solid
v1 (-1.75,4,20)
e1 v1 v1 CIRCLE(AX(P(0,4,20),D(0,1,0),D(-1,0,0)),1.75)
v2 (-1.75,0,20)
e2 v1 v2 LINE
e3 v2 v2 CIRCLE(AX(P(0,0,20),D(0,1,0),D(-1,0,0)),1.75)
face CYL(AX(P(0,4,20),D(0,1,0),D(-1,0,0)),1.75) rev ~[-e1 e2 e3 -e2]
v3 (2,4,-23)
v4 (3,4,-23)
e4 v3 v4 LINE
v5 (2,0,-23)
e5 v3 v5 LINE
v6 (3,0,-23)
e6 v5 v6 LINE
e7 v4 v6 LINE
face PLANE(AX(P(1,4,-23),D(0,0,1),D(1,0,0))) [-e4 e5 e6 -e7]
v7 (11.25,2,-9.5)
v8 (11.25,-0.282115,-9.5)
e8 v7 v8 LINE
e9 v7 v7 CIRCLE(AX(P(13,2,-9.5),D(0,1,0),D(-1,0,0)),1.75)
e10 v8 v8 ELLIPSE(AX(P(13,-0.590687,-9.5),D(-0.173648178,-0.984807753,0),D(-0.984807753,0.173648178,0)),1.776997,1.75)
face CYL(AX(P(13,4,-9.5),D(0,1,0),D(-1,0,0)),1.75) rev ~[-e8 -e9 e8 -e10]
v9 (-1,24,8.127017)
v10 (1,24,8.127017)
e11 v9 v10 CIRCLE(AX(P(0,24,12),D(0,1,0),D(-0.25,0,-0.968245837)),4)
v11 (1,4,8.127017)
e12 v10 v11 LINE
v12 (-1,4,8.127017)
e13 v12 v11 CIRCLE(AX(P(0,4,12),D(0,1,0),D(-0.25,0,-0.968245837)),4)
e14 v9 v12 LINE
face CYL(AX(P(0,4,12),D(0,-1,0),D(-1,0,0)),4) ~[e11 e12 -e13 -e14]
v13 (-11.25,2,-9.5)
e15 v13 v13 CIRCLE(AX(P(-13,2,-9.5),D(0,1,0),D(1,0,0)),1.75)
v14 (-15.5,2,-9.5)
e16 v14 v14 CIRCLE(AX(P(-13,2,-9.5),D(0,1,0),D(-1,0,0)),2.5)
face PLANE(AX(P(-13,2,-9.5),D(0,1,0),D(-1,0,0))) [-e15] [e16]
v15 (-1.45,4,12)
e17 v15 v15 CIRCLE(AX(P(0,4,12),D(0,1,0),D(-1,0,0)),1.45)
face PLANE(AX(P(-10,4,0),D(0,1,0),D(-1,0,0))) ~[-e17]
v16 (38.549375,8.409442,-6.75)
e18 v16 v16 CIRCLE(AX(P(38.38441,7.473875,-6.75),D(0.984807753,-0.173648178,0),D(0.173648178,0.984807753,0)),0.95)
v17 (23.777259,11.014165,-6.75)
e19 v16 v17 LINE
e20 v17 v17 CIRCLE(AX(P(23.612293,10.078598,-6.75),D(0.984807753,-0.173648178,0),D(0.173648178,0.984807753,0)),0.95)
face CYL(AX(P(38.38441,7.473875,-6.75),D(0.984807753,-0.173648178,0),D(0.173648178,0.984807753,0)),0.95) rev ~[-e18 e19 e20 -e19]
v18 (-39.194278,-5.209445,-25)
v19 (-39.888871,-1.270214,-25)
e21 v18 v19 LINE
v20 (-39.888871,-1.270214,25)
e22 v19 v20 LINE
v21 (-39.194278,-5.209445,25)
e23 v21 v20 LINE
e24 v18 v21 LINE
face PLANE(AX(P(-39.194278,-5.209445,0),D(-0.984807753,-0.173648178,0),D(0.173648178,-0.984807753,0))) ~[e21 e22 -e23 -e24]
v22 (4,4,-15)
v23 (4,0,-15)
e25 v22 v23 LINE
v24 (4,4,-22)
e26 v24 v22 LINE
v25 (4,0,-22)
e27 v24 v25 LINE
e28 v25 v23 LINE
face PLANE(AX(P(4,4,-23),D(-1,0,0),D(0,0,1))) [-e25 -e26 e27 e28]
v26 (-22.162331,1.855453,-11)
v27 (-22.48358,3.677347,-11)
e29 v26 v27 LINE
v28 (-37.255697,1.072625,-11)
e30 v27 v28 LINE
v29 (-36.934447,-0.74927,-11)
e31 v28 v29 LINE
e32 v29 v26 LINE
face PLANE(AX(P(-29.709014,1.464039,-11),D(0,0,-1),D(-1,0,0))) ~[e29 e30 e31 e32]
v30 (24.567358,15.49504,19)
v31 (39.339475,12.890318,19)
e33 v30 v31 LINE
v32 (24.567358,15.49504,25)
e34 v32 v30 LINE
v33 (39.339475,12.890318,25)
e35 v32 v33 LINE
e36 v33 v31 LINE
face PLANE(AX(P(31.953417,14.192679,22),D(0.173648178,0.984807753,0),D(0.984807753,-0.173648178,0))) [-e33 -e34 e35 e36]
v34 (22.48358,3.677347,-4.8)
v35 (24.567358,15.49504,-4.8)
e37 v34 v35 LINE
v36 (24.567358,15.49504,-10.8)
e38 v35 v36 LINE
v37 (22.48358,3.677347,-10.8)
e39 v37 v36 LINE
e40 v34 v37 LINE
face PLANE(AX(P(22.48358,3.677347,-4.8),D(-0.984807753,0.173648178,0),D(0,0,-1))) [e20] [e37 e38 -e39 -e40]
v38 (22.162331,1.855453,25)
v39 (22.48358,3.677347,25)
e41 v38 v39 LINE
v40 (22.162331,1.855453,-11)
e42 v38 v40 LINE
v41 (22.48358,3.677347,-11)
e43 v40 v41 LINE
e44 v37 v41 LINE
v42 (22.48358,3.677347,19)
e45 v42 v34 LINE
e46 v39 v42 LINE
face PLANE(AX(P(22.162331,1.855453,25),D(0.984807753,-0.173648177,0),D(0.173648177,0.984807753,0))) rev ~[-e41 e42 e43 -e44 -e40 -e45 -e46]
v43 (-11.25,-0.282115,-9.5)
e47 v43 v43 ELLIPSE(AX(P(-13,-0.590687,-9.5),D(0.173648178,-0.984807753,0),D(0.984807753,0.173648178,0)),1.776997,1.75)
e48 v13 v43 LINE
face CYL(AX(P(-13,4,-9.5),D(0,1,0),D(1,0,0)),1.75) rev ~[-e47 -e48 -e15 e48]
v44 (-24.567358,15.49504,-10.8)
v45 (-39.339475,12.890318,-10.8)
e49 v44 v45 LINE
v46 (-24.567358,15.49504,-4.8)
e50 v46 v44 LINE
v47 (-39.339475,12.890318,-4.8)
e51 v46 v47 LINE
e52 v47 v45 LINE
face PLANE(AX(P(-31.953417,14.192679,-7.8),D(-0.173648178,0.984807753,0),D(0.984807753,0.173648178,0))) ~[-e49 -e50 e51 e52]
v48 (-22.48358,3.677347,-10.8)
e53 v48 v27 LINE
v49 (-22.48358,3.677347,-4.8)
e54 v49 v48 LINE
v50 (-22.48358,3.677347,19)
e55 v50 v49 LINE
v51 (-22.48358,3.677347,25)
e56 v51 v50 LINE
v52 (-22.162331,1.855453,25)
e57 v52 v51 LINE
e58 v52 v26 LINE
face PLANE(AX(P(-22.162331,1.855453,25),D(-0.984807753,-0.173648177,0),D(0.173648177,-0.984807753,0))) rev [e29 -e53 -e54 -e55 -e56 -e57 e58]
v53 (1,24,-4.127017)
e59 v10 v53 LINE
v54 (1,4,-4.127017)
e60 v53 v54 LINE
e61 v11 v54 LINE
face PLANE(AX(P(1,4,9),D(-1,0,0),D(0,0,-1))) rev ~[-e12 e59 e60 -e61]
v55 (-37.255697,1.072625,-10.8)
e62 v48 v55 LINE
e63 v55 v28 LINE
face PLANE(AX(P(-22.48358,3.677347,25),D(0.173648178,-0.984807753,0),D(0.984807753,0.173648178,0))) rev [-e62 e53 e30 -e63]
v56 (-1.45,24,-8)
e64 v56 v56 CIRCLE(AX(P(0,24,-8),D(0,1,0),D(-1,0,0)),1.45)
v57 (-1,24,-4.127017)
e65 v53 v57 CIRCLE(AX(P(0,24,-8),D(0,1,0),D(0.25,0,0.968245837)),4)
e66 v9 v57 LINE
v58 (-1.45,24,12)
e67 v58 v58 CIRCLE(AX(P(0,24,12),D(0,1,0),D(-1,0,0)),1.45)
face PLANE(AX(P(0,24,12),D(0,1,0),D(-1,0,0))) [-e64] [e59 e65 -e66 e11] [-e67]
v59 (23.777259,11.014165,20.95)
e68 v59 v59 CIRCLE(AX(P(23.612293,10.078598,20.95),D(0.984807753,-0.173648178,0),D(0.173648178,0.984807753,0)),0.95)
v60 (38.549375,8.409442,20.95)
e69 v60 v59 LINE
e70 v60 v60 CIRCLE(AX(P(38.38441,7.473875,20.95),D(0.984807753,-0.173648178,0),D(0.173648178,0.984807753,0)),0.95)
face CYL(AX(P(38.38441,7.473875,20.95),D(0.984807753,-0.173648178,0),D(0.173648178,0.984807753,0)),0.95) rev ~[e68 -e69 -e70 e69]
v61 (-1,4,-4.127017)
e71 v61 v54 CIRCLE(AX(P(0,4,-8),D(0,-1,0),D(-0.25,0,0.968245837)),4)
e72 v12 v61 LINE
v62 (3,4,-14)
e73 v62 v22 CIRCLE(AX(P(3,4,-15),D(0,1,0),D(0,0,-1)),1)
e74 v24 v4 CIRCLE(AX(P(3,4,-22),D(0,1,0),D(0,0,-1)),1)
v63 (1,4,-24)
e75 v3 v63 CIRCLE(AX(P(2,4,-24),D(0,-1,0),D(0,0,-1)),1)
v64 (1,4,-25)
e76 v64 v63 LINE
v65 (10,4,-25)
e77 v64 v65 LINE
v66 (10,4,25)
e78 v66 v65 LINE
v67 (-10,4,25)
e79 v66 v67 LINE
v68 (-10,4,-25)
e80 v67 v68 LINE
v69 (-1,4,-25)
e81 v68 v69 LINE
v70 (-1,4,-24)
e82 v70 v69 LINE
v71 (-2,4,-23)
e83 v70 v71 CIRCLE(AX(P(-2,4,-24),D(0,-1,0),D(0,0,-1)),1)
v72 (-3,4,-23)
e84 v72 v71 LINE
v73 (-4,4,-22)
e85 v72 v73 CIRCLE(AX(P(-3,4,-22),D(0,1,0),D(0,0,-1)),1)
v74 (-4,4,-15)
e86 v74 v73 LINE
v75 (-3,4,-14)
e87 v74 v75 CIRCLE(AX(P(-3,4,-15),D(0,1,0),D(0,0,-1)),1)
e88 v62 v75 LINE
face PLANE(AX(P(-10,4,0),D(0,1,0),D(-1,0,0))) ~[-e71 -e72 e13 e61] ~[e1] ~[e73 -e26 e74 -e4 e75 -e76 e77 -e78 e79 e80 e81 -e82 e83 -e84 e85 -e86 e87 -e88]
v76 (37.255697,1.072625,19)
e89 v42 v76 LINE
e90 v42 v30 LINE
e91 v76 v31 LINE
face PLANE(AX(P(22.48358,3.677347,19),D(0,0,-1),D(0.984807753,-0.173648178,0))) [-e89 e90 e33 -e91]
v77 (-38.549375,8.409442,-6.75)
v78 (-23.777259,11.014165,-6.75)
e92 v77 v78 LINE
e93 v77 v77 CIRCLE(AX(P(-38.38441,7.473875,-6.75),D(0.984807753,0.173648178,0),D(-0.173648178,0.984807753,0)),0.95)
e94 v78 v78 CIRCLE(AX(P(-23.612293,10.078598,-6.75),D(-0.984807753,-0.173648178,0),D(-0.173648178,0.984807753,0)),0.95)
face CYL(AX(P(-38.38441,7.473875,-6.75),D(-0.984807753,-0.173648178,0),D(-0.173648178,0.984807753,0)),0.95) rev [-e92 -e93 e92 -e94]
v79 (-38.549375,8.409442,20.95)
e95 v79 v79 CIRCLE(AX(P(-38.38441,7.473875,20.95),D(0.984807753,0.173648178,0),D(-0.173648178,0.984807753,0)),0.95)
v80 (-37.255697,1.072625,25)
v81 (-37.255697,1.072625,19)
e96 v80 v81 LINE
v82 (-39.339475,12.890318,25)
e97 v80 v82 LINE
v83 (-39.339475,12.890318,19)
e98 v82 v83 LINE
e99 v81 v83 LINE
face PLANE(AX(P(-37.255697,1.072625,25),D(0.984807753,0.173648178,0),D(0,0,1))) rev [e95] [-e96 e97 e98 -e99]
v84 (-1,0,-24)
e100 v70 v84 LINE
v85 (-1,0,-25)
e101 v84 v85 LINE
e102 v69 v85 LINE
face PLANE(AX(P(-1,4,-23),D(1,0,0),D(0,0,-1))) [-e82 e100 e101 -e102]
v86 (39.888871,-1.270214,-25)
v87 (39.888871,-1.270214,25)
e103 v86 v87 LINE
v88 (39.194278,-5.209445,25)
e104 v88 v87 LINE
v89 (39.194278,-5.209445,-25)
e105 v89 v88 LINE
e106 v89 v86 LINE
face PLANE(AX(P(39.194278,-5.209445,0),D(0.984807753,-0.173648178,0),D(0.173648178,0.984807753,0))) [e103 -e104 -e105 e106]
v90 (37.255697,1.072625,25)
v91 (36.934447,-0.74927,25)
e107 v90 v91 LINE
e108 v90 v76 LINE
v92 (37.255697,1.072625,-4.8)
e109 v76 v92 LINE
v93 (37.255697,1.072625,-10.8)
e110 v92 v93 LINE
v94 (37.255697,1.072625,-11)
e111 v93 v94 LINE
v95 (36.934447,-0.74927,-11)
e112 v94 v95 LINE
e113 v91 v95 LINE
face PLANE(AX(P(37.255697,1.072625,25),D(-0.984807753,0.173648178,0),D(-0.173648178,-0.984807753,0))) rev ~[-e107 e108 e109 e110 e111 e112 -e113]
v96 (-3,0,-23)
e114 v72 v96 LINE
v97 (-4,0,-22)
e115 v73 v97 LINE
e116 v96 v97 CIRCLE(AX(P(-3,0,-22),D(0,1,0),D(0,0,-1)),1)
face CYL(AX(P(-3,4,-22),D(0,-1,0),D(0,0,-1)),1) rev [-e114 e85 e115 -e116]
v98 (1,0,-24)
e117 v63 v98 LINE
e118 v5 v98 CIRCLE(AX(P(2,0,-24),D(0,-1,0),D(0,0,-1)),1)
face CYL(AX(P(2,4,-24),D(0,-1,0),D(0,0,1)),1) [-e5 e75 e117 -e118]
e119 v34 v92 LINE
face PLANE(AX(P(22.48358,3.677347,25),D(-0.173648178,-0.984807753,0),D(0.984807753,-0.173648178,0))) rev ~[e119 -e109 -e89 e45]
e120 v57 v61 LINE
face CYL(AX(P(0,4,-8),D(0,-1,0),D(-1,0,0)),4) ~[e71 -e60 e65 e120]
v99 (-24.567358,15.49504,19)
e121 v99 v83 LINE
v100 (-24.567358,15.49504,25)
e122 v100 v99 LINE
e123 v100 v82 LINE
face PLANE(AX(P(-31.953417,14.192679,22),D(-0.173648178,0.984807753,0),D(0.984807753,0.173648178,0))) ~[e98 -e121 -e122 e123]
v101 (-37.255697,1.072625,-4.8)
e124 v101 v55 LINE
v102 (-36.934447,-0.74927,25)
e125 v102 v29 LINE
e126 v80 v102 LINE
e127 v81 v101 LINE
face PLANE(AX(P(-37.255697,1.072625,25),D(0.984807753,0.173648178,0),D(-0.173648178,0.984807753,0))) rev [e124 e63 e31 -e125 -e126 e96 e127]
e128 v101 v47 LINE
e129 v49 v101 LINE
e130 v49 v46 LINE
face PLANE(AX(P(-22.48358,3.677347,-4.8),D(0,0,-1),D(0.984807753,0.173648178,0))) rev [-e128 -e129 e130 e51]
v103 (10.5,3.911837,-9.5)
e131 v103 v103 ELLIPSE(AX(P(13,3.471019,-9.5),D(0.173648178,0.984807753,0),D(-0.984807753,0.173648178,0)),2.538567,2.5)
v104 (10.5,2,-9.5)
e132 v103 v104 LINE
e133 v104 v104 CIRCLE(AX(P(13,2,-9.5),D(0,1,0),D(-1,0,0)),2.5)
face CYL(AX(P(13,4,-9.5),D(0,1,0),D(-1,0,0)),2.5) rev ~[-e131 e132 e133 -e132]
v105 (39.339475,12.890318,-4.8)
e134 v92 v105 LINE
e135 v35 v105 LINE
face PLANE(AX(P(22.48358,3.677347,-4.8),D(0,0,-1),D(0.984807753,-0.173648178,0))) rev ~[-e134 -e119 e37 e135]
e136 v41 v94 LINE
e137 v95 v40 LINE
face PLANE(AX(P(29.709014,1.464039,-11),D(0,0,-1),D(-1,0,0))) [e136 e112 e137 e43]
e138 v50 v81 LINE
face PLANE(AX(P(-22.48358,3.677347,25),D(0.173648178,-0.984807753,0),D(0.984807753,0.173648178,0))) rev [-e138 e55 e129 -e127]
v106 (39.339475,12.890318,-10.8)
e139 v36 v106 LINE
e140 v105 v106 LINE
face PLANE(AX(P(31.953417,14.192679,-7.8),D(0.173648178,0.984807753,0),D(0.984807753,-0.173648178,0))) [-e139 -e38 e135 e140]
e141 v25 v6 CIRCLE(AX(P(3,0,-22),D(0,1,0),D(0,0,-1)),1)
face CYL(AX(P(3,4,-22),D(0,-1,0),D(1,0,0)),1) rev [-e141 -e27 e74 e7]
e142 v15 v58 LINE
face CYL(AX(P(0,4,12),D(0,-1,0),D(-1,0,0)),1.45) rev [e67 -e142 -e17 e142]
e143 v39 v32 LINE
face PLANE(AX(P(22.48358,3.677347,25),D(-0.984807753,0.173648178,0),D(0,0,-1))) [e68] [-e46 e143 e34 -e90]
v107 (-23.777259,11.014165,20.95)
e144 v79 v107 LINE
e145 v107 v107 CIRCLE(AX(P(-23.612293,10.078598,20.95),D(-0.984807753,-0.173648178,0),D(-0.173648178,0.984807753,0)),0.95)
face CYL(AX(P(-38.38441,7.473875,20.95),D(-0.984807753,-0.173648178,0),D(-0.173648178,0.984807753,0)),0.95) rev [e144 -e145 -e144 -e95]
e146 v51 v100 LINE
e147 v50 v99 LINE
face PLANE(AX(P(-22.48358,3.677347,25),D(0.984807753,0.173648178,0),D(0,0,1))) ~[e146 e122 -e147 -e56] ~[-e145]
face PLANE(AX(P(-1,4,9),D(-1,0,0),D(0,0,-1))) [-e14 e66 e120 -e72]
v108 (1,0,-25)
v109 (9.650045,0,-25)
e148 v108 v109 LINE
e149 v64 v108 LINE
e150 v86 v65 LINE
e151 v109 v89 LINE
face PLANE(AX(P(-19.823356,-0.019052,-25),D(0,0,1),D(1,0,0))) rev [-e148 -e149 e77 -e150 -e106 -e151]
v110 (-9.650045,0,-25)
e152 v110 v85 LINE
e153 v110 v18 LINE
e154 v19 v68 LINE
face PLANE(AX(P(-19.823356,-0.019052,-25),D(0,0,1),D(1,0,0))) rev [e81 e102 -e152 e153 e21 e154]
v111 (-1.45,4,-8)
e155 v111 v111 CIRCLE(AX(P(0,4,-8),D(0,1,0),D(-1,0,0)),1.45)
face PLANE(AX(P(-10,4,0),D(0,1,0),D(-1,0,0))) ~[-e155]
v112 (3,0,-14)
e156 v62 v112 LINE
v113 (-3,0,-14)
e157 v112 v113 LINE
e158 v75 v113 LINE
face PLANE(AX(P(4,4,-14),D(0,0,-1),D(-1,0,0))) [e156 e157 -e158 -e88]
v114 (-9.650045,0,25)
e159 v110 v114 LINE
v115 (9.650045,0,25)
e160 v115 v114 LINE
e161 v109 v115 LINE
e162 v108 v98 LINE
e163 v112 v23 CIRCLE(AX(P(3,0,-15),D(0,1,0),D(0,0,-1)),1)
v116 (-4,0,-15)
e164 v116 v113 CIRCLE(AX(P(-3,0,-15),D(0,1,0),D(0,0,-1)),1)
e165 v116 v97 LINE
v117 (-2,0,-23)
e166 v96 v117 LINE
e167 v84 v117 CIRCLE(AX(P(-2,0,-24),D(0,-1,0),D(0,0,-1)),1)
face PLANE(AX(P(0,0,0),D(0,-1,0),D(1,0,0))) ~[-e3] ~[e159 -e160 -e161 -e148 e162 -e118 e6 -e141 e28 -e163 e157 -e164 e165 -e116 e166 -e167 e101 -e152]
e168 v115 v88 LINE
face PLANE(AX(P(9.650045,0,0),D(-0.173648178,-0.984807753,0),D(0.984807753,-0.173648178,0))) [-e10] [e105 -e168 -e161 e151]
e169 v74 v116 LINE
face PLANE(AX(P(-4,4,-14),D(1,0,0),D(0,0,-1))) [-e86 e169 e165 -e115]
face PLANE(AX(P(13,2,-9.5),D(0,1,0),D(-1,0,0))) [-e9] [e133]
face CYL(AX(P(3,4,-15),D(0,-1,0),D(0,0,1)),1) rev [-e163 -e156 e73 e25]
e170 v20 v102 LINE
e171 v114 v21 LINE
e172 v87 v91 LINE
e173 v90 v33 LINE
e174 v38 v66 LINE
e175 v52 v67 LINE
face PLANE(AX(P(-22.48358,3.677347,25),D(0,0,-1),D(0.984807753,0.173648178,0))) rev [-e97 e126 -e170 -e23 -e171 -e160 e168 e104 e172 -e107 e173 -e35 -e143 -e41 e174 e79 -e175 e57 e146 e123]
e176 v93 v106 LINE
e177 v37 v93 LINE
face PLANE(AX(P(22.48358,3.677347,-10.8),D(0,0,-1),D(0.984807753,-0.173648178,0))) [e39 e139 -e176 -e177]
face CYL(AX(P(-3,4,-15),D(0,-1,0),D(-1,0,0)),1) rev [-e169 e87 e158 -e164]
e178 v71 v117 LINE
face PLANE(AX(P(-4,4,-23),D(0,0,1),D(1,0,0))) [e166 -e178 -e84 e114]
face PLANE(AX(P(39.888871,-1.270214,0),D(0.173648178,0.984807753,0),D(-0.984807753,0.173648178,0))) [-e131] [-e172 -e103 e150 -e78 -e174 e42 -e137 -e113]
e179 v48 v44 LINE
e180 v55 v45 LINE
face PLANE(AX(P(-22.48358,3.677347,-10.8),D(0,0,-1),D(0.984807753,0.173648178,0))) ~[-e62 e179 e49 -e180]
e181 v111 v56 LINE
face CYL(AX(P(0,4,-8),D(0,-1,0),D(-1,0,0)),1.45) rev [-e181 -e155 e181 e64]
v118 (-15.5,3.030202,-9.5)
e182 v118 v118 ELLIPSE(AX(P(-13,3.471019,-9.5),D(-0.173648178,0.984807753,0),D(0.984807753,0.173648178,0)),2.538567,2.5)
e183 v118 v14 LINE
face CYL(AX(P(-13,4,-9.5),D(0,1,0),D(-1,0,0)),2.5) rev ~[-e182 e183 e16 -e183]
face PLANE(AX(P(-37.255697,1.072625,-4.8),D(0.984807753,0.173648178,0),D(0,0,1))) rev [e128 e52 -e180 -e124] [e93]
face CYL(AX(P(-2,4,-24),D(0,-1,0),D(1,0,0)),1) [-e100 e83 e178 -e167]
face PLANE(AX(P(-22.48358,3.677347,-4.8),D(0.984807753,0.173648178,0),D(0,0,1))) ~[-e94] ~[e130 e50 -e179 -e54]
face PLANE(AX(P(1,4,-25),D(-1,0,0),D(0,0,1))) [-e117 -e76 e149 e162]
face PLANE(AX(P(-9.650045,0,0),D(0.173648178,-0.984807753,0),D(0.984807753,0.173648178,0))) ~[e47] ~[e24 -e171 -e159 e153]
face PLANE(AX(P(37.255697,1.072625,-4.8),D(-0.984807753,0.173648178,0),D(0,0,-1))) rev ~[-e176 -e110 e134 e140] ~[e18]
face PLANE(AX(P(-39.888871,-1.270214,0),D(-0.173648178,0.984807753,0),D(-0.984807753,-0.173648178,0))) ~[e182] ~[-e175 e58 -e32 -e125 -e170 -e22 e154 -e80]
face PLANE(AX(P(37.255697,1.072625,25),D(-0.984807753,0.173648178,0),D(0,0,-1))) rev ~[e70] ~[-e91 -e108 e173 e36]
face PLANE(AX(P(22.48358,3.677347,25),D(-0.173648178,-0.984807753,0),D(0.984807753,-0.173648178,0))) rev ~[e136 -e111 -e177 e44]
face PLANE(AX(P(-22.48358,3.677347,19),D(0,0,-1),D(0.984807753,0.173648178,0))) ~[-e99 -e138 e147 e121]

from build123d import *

# Parameters (mm, degrees)
EXTRUDE_1_DEPTH     = 25
EXTRUDE_2_DEPTH     = 36
SKETCH_3_W          = 15
SKETCH_3_H          = 6
EXTRUDE_3_DEPTH     = 12
SKETCH_4_R          = 0.95
CUT_EXTRUDE_1_DEPTH = 21
SKETCH_5_R          = 4
SKETCH_5_R_2        = 1.45
EXTRUDE_4_DEPTH     = 20
EXTRUDE_4_2_DEPTH   = 20
SKETCH_6_R          = 1.75
CUT_EXTRUDE_2_DEPTH = 20
SKETCH_7_R          = 2.5
CUT_EXTRUDE_3_DEPTH = 2
CUT_EXTRUDE_4_DEPTH = 52.148040055
FILLET_4_R          = 1
SKETCH_9_W          = 2
SKETCH_9_H          = 14
EXTRUDE_5_DEPTH     = 20


with BuildPart() as part:
    # 草图1 → 凸台-拉伸1 (new, symmetric)
    with BuildSketch(Plane.XY):
        Polygon((0, 0), (9.650045346, 0), (39.194277936, -5.20944533), (39.888870647, -1.270214318), (10, 4), (0, 4), align=None)
    extrude_1 = extrude(amount=EXTRUDE_1_DEPTH, both=True)

    # 草图2 → 凸台-拉伸2 (add)
    with BuildSketch(Plane.XY.offset(25)):
        Polygon((22.162331093, 1.85545288), (22.483580221, 3.677347223), (37.255696517, 1.072624558), (36.934447388, -0.749269785), align=None)
    extrude_2 = extrude(amount=-EXTRUDE_2_DEPTH)

    # 草图3 → 凸台-拉伸3 (add)
    with BuildSketch(Plane(origin=(1.306826311, 7.411380301, 0), x_dir=(0.9848077530122079, -0.1736481776669312, 0), z_dir=(0.1736481776669312, 0.9848077530122079, 0))):
        with Locations((29.003439474, -22)):
            Rectangle(SKETCH_3_W, SKETCH_3_H)
        with Locations((29.003439474, 7.8)):
            Rectangle(SKETCH_3_W, SKETCH_3_H)
    extrude_3 = extrude(amount=EXTRUDE_3_DEPTH)

    # 草图4 → 切除-拉伸1 (cut)
    with BuildSketch(Plane(origin=(35.948870205, -6.338755743, 0), x_dir=(0, 0, -1), z_dir=(0.9848077530122081, -0.17364817766693072, 0))):
        with Locations(Location((-20.95, 14.025712789, 0), (0, 0, 90))):
            Circle(SKETCH_4_R)
        with Locations(Location((6.75, 14.025712789, 0), (0, 0, 90))):
            Circle(SKETCH_4_R)
    cut_extrude_1 = extrude(amount=-CUT_EXTRUDE_1_DEPTH, mode=Mode.SUBTRACT)

    # 镜向1: 凸台-拉伸1, 凸台-拉伸2, 凸台-拉伸3, 切除-拉伸1 across plane
    add(extrude_1.mirror(Plane(origin=(0, 0, 0), x_dir=(0, 0, 1), z_dir=(1, 0, 0))))
    add(extrude_2.mirror(Plane(origin=(0, 0, 0), x_dir=(0, 0, 1), z_dir=(1, 0, 0))))
    add(extrude_3.mirror(Plane(origin=(0, 0, 0), x_dir=(0, 0, 1), z_dir=(1, 0, 0))))
    add(cut_extrude_1.mirror(Plane(origin=(0, 0, 0), x_dir=(0, 0, 1), z_dir=(1, 0, 0))), mode=Mode.SUBTRACT)

    # 草图6 → 切除-拉伸2 (cut)
    with BuildSketch(Plane(origin=(0, 4, 0), x_dir=(1, 0, 0), z_dir=(0, 1, 0))):
        with Locations(Location((0, -20, 0), (0, 0, 180))):
            Circle(SKETCH_6_R)
        with Locations((-13, 9.5)):
            Circle(SKETCH_6_R)
        with Locations(Location((13, 9.5, 0), (0, 0, 180))):
            Circle(SKETCH_6_R)
    extrude(amount=-CUT_EXTRUDE_2_DEPTH, mode=Mode.SUBTRACT)

    # 草图7 → 切除-拉伸3 (cut)
    with BuildSketch(Plane(origin=(0, 4, 0), x_dir=(1, 0, 0), z_dir=(0, 1, 0))):
        with Locations(Location((-13, 9.5, 0), (0, 0, 180))):
            Circle(SKETCH_7_R)
        with Locations(Location((13, 9.5, 0), (0, 0, 180))):
            Circle(SKETCH_7_R)
    extrude(amount=-CUT_EXTRUDE_3_DEPTH, mode=Mode.SUBTRACT)

    # 草图8 → 切除-拉伸4 (cut, through all)
    with BuildSketch(Plane(origin=(0, 4, 0), x_dir=(1, 0, 0), z_dir=(0, 1, 0))):
        Polygon((-4, 23), (-1, 23), (-1, 25), (1, 25), (1, 23), (4, 23), (4, 14), (-4, 14), align=None)
    extrude(amount=-CUT_EXTRUDE_4_DEPTH, mode=Mode.SUBTRACT)

    # 圆角4
    fillet_4_edges = [part.edges().sort_by_distance(p)[0] for p in [
        (4, 2, -23),
        (4, 2, -14),
        (-4, 2, -14),
        (-4, 2, -23),
        (1, 2, -23),
        (-1, 2, -23),
    ]]
    fillet(fillet_4_edges, radius=FILLET_4_R)



with BuildPart() as body_2:
    # 草图5 → 凸台-拉伸4 (new body)
    with BuildSketch(Plane(origin=(0, 4, 0), x_dir=(1, 0, 0), z_dir=(0, 1, 0))):
        with Locations(Location((0, -12, 0), (0, 0, 180))):
            Circle(SKETCH_5_R)
        with Locations(Location((0, -12, 0), (0, 0, 180))):
            Circle(SKETCH_5_R_2, mode=Mode.SUBTRACT)
    extrude(amount=EXTRUDE_4_DEPTH)


with BuildPart() as body_3:
    # 草图5 → Extrude 4 2 (new body)
    with BuildSketch(Plane(origin=(0, 4, 0), x_dir=(1, 0, 0), z_dir=(0, 1, 0))):
        with Locations(Location((0, 8, 0), (0, 0, 180))):
            Circle(SKETCH_5_R)
        with Locations(Location((0, 8, 0), (0, 0, 180))):
            Circle(SKETCH_5_R_2, mode=Mode.SUBTRACT)
    extrude(amount=EXTRUDE_4_2_DEPTH)


with BuildPart() as part_1:
    add(part.part)

    add(body_2.part)  # 凸台-拉伸5 merges body 2

    add(body_3.part)  # 凸台-拉伸5 merges body 3
    # 草图9 → 凸台-拉伸5 (add)
    with BuildSketch(Plane(origin=(0, 4, 0), x_dir=(1, 0, 0), z_dir=(0, 1, 0))):
        with Locations((0, -2)):
            Rectangle(SKETCH_9_W, SKETCH_9_H)
    extrude(amount=EXTRUDE_5_DEPTH)


solid = part_1.part
